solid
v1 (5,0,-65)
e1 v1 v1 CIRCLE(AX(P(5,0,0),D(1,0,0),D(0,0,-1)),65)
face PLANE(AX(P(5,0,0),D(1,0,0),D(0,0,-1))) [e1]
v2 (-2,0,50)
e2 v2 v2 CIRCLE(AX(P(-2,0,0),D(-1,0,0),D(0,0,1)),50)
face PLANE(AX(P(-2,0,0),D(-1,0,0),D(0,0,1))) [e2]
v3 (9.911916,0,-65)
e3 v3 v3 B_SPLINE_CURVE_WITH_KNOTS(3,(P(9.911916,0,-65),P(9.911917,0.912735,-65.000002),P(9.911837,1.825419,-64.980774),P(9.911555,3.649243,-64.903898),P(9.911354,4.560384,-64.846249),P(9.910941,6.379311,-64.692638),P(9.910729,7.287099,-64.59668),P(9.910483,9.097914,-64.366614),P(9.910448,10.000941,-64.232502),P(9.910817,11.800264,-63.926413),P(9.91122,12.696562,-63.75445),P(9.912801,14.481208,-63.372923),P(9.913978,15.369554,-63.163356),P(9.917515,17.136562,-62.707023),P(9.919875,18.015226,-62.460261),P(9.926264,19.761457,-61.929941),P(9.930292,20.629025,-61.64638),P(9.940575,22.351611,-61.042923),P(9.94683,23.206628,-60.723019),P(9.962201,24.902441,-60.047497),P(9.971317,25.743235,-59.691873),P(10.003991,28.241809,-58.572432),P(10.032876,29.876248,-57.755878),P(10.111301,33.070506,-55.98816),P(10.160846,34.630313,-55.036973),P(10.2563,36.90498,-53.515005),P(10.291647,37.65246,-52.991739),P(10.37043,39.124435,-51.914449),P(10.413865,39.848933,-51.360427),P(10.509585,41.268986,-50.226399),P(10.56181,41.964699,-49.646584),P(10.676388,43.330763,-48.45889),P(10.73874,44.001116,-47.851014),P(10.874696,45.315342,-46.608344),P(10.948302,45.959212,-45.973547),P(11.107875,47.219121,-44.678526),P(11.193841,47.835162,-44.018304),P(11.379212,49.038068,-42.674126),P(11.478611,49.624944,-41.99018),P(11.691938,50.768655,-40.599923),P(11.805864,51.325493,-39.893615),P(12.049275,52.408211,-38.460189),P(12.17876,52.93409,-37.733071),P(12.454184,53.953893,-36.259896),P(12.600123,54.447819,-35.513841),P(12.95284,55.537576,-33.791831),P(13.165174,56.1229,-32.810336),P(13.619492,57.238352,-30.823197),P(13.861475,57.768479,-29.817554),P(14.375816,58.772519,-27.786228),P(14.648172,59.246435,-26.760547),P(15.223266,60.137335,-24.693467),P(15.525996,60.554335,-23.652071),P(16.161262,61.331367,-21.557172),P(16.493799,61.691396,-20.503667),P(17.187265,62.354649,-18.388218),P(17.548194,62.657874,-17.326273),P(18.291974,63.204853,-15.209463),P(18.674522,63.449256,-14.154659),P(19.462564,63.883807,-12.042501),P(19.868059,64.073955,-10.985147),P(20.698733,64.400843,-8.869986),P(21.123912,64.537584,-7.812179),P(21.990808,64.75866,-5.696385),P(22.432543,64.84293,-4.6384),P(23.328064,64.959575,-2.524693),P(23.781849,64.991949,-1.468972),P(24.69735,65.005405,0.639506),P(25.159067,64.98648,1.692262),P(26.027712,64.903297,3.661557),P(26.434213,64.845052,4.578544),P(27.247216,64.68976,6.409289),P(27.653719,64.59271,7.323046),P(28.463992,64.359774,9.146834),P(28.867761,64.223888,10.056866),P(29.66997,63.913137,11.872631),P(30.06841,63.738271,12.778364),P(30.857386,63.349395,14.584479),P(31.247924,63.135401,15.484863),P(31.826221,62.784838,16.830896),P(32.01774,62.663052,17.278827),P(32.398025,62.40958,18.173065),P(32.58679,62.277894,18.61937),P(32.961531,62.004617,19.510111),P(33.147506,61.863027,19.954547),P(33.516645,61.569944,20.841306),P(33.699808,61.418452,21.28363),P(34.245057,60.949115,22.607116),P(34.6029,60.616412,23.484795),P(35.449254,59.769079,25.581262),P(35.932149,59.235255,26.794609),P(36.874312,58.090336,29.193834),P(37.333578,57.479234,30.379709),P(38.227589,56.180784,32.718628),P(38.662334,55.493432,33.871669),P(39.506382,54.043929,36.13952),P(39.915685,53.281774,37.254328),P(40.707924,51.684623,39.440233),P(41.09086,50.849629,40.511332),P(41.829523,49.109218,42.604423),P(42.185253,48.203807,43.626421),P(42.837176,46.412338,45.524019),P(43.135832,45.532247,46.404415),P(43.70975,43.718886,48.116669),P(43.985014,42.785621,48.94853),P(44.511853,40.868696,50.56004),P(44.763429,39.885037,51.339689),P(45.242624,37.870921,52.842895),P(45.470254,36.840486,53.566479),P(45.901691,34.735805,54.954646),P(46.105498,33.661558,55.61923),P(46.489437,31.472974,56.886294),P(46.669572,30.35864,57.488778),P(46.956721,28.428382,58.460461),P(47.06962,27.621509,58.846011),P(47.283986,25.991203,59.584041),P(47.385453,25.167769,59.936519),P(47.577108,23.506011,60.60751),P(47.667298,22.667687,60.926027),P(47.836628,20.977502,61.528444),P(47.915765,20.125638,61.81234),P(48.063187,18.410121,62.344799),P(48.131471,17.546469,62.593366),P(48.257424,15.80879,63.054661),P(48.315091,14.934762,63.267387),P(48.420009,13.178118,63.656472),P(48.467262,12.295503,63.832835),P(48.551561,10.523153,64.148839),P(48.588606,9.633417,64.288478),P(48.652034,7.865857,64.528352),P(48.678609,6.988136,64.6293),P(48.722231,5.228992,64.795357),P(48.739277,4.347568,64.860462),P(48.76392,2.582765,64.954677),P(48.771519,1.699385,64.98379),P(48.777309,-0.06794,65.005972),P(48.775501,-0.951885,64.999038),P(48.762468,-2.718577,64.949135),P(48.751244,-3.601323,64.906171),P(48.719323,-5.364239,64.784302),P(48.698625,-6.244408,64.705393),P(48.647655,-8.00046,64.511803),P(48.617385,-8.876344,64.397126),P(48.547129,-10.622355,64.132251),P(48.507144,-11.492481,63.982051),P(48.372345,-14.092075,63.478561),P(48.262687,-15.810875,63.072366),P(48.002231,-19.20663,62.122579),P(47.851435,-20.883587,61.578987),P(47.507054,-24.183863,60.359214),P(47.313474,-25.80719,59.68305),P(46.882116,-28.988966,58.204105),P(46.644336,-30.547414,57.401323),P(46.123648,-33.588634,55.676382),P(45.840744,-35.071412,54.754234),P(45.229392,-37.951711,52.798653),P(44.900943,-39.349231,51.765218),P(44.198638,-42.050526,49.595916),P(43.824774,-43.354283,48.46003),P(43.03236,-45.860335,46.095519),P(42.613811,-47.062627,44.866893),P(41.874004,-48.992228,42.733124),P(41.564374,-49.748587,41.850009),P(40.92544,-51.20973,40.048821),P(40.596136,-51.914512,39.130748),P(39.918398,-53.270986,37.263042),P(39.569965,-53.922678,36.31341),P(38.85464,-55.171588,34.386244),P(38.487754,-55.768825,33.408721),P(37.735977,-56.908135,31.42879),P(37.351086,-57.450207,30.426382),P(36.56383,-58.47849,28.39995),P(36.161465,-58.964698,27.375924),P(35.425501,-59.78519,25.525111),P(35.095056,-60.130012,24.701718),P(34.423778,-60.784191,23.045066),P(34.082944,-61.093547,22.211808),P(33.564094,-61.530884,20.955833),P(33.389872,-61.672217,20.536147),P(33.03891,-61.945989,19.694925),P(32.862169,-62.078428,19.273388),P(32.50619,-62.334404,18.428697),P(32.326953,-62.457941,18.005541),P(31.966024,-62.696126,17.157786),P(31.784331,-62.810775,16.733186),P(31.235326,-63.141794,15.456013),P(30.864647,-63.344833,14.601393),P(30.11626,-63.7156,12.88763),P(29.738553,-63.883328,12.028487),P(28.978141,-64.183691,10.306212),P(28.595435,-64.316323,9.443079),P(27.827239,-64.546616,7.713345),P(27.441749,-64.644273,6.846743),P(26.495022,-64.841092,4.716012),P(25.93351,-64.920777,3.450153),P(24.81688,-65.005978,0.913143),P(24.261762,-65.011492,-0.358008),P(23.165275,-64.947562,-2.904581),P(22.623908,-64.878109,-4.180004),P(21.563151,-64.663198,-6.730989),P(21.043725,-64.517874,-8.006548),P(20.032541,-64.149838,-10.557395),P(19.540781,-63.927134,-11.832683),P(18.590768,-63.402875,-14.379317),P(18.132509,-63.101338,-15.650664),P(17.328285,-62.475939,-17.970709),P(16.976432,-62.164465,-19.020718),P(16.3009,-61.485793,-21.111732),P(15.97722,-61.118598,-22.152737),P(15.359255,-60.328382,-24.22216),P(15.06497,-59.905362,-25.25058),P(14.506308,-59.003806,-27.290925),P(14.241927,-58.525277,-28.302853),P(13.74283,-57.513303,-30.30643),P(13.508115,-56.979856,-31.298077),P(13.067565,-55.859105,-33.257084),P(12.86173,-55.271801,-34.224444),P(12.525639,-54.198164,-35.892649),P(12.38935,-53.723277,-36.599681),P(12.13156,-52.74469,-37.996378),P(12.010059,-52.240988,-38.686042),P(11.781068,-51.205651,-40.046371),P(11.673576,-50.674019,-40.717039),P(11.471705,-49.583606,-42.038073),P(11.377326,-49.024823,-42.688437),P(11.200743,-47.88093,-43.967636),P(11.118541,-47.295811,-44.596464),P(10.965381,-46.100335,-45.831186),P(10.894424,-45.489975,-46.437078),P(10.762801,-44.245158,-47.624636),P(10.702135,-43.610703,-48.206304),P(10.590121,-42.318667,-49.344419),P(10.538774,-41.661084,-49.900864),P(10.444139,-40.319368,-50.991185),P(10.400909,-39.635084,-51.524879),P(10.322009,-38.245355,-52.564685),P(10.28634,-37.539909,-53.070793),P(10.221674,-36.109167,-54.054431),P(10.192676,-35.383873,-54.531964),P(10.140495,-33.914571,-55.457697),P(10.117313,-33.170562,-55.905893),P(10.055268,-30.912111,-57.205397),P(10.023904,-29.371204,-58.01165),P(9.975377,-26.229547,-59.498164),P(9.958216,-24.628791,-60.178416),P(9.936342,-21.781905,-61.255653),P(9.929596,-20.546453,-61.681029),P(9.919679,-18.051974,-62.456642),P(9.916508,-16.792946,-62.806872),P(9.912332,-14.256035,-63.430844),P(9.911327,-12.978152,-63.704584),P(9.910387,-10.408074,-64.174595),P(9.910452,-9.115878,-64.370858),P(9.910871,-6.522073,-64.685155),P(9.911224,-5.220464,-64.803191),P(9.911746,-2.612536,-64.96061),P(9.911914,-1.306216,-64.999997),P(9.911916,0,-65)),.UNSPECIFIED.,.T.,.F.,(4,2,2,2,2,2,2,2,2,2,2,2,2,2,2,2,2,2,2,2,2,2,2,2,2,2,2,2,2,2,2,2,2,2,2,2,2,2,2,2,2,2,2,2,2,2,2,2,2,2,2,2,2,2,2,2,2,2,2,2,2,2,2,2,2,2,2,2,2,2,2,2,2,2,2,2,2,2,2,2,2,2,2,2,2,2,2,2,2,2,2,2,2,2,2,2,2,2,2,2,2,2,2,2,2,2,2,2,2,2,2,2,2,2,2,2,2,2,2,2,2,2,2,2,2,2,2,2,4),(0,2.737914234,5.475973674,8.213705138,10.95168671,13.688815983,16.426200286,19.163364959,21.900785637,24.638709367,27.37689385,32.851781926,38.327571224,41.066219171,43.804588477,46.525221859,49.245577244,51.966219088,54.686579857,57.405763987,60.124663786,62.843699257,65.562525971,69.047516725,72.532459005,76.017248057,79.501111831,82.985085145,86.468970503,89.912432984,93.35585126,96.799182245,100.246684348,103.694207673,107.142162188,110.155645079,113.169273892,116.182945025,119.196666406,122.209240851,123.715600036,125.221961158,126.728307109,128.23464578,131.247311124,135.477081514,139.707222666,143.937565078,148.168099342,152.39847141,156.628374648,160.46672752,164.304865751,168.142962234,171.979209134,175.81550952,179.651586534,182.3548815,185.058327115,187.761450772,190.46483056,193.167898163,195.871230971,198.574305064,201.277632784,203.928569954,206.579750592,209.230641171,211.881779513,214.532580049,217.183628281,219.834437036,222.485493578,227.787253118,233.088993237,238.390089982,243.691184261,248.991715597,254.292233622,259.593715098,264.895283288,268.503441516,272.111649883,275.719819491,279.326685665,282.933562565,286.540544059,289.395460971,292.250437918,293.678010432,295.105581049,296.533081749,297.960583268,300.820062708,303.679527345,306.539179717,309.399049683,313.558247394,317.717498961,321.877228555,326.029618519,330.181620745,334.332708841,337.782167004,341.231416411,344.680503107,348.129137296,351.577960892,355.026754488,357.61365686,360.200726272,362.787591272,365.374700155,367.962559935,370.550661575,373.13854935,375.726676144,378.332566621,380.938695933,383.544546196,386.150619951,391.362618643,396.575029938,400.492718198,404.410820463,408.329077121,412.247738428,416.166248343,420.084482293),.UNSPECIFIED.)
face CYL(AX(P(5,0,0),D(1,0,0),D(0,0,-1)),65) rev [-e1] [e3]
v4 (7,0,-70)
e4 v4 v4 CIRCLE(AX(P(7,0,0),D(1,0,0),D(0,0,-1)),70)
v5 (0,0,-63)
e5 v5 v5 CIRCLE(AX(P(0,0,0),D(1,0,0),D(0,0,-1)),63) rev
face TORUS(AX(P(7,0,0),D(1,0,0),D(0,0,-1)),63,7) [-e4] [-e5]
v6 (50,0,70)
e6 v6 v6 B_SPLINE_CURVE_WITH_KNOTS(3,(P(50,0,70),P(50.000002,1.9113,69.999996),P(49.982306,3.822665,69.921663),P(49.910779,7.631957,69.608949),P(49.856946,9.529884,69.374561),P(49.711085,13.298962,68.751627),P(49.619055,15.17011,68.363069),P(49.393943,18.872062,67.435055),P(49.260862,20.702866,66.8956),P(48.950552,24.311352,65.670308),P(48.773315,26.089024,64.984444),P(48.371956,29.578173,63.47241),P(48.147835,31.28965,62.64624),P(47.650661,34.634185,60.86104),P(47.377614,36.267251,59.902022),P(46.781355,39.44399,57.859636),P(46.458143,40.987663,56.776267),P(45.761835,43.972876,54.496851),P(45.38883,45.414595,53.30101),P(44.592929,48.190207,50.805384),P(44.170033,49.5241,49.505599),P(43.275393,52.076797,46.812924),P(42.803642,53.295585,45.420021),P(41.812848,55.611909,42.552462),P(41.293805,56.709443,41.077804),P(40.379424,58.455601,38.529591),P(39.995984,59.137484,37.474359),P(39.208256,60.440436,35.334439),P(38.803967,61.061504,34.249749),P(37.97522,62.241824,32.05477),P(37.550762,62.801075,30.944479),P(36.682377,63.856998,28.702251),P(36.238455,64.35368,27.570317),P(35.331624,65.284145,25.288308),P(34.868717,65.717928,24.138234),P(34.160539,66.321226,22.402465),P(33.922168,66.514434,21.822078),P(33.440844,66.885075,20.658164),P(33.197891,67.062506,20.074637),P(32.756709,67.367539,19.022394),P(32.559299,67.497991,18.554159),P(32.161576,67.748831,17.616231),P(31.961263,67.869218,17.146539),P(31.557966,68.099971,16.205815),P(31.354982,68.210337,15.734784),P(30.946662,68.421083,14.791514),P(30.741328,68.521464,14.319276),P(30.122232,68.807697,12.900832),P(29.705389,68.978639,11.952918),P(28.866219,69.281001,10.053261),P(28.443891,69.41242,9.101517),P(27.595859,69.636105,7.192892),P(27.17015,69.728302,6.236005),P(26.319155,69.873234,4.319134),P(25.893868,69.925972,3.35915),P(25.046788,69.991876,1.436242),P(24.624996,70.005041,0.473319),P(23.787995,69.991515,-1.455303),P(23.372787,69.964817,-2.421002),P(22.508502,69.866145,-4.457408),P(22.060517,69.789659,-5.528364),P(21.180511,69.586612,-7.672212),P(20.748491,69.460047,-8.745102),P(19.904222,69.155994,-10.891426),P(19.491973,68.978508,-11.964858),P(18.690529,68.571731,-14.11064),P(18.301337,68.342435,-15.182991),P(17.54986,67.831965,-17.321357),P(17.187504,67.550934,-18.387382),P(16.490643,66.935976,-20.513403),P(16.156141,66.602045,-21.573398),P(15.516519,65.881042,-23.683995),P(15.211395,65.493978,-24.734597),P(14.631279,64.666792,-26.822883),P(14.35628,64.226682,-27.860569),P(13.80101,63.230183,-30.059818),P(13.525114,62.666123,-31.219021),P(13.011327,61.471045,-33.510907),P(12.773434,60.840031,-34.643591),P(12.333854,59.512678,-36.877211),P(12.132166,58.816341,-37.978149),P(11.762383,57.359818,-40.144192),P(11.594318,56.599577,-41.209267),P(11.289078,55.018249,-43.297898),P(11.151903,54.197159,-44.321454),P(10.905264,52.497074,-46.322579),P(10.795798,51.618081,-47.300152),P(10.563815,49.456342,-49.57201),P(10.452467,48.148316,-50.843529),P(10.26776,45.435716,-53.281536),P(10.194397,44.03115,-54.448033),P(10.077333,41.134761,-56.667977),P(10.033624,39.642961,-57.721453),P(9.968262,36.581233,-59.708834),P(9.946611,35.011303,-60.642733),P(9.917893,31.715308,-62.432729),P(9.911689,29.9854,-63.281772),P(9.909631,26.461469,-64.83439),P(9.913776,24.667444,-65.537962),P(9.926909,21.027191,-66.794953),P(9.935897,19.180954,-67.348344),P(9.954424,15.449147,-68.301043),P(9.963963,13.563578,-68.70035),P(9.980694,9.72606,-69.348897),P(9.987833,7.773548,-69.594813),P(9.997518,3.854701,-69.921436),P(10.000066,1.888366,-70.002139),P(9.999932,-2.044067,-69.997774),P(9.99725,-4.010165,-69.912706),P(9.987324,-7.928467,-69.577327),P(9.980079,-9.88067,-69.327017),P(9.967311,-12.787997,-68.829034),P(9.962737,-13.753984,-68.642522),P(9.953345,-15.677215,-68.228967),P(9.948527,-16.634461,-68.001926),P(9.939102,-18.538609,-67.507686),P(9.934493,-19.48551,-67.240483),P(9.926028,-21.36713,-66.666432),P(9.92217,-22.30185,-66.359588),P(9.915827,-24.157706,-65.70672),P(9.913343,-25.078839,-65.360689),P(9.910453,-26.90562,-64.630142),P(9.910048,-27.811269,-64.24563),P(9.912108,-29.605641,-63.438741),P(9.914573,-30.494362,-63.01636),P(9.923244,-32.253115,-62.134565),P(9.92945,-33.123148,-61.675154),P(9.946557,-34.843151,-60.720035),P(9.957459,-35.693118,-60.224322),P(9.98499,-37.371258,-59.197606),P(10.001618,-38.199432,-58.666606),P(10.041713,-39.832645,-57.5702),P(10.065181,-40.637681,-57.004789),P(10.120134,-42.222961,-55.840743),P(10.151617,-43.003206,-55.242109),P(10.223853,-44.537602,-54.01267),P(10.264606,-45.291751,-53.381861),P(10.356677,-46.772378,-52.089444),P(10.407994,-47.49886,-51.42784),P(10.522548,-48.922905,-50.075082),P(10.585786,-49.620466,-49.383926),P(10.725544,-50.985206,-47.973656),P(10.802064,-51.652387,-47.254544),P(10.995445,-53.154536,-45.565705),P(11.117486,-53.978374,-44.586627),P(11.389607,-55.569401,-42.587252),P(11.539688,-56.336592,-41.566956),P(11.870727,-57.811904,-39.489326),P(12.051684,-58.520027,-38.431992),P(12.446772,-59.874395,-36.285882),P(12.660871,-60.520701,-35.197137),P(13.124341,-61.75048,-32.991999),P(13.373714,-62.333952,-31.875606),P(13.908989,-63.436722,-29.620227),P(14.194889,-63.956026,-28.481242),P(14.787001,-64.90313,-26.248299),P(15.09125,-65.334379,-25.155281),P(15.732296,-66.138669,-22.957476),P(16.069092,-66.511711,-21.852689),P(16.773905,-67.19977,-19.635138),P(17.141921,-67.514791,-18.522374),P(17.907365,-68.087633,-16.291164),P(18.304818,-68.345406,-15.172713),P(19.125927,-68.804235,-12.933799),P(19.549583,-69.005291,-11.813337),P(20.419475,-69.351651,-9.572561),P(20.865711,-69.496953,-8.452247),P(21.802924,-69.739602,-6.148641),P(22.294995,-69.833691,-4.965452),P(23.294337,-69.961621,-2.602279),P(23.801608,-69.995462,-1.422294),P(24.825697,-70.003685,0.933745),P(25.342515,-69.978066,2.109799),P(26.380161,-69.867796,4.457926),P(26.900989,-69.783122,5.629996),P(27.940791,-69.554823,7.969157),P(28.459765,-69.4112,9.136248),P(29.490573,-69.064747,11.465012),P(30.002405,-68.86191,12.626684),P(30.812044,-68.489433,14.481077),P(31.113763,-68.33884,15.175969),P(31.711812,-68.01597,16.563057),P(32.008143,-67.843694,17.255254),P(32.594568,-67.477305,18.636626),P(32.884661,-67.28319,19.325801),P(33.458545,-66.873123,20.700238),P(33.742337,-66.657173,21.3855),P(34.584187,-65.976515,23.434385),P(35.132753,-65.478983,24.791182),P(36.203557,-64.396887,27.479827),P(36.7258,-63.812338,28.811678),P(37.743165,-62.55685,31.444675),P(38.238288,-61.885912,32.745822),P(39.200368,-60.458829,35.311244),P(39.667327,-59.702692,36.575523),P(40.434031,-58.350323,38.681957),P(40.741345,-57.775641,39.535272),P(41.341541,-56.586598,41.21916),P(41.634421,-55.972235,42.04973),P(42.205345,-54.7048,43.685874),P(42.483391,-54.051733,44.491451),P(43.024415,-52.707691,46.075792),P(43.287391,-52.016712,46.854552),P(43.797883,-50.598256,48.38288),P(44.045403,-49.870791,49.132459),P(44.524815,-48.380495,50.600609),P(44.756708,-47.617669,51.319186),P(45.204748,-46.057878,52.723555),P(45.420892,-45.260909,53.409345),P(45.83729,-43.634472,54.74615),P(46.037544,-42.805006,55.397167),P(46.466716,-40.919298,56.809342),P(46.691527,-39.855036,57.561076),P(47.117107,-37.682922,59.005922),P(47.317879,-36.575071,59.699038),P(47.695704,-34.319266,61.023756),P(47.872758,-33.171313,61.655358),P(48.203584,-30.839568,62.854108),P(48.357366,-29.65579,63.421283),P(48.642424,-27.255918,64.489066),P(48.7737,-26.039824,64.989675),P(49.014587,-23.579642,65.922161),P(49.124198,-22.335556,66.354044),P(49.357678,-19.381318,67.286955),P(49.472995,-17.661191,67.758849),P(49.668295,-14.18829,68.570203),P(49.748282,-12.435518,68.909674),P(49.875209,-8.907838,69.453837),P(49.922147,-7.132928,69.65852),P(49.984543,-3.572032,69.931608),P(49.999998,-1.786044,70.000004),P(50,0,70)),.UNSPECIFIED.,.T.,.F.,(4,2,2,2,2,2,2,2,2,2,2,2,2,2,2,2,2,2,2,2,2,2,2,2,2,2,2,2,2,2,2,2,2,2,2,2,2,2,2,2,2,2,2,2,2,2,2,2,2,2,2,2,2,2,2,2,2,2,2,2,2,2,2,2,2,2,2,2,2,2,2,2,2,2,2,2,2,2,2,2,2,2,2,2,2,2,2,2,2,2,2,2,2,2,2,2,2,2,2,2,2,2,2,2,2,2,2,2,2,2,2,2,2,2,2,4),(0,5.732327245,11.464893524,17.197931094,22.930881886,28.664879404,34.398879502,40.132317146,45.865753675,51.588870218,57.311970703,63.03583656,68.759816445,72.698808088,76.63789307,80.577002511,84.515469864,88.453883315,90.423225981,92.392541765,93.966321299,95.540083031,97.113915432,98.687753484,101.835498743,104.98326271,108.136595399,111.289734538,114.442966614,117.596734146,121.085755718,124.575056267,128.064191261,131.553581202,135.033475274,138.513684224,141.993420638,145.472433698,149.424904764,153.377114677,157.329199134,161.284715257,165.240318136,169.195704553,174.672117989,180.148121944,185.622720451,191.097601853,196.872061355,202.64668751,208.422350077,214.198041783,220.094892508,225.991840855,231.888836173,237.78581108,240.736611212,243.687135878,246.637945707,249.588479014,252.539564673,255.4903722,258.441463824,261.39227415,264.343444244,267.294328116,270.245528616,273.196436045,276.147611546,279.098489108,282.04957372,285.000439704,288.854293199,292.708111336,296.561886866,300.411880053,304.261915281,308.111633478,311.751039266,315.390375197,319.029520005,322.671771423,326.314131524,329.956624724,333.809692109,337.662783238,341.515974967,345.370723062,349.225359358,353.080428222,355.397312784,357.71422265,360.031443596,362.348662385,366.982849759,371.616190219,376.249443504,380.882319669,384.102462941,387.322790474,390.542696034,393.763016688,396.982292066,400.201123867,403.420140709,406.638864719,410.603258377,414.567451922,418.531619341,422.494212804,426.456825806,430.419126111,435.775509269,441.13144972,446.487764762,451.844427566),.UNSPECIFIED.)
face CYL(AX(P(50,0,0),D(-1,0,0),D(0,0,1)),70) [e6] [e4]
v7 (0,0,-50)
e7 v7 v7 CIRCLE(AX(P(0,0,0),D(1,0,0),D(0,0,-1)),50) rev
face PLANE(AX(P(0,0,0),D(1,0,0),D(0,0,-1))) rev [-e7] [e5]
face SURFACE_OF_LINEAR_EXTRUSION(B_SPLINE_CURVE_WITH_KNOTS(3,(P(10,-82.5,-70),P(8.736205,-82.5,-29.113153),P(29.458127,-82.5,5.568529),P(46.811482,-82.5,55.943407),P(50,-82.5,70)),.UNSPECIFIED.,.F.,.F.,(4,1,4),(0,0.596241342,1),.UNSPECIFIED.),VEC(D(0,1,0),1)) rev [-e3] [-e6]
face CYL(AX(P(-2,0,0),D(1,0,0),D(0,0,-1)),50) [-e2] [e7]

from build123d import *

# Parameters (mm, degrees)
SKETCH1_R           = 70
BOSS_EXTRUDE1_DEPTH = 50
SKETCH3_R           = 65
CUT_EXTRUDE1_DEPTH  = 45
CUT_EXTRUDE2_DEPTH  = 82.5
FILLET2_R           = 7
SKETCH5_R           = 50
BOSS_EXTRUDE2_DEPTH = 2


with BuildPart() as part:
    # Sketch1 → Boss-Extrude1 (new body)
    with BuildSketch(Plane(origin=(0, 0, 0), x_dir=(0, 0, -1), z_dir=(1, 0, 0))):
        Circle(SKETCH1_R)
    extrude(amount=BOSS_EXTRUDE1_DEPTH)

    # Sketch3 → Cut-Extrude1 (cut)
    with BuildSketch(Plane(origin=(50, 0, 0), x_dir=(0, 0, -1), z_dir=(1, 0, 0))):
        Circle(SKETCH3_R)
    extrude(amount=-CUT_EXTRUDE1_DEPTH, mode=Mode.SUBTRACT)

    # Sketch4 → Cut-Extrude2 (cut, symmetric)
    with BuildSketch(Plane(origin=(0, 0, 0), x_dir=(1, 0, 0), z_dir=(0, 1, 0))):
        with BuildLine():
            Line((50, -70), (50, 70))
            Line((50, 70), (10, 70))
            add(Edge.make_bspline(
                [(10, 70), (8.736205307, 29.113153139), (29.458127412, -5.568528558), (46.811482452, -55.943406632), (50, -70)],
                knots=[0, 0, 0, 0, 0.596241342, 1, 1, 1, 1], degree=3))
        make_face()
    extrude(amount=CUT_EXTRUDE2_DEPTH, both=True, mode=Mode.SUBTRACT)

    # Fillet2
    fillet2_edges = [part.edges().sort_by_distance(p)[0] for p in [
        (0, 0, 70),
    ]]
    fillet(fillet2_edges, radius=FILLET2_R)

    # Sketch5 → Boss-Extrude2 (add)
    with BuildSketch(Plane.ZY):
        Circle(SKETCH5_R)
    extrude(amount=BOSS_EXTRUDE2_DEPTH)


solid = part.part
